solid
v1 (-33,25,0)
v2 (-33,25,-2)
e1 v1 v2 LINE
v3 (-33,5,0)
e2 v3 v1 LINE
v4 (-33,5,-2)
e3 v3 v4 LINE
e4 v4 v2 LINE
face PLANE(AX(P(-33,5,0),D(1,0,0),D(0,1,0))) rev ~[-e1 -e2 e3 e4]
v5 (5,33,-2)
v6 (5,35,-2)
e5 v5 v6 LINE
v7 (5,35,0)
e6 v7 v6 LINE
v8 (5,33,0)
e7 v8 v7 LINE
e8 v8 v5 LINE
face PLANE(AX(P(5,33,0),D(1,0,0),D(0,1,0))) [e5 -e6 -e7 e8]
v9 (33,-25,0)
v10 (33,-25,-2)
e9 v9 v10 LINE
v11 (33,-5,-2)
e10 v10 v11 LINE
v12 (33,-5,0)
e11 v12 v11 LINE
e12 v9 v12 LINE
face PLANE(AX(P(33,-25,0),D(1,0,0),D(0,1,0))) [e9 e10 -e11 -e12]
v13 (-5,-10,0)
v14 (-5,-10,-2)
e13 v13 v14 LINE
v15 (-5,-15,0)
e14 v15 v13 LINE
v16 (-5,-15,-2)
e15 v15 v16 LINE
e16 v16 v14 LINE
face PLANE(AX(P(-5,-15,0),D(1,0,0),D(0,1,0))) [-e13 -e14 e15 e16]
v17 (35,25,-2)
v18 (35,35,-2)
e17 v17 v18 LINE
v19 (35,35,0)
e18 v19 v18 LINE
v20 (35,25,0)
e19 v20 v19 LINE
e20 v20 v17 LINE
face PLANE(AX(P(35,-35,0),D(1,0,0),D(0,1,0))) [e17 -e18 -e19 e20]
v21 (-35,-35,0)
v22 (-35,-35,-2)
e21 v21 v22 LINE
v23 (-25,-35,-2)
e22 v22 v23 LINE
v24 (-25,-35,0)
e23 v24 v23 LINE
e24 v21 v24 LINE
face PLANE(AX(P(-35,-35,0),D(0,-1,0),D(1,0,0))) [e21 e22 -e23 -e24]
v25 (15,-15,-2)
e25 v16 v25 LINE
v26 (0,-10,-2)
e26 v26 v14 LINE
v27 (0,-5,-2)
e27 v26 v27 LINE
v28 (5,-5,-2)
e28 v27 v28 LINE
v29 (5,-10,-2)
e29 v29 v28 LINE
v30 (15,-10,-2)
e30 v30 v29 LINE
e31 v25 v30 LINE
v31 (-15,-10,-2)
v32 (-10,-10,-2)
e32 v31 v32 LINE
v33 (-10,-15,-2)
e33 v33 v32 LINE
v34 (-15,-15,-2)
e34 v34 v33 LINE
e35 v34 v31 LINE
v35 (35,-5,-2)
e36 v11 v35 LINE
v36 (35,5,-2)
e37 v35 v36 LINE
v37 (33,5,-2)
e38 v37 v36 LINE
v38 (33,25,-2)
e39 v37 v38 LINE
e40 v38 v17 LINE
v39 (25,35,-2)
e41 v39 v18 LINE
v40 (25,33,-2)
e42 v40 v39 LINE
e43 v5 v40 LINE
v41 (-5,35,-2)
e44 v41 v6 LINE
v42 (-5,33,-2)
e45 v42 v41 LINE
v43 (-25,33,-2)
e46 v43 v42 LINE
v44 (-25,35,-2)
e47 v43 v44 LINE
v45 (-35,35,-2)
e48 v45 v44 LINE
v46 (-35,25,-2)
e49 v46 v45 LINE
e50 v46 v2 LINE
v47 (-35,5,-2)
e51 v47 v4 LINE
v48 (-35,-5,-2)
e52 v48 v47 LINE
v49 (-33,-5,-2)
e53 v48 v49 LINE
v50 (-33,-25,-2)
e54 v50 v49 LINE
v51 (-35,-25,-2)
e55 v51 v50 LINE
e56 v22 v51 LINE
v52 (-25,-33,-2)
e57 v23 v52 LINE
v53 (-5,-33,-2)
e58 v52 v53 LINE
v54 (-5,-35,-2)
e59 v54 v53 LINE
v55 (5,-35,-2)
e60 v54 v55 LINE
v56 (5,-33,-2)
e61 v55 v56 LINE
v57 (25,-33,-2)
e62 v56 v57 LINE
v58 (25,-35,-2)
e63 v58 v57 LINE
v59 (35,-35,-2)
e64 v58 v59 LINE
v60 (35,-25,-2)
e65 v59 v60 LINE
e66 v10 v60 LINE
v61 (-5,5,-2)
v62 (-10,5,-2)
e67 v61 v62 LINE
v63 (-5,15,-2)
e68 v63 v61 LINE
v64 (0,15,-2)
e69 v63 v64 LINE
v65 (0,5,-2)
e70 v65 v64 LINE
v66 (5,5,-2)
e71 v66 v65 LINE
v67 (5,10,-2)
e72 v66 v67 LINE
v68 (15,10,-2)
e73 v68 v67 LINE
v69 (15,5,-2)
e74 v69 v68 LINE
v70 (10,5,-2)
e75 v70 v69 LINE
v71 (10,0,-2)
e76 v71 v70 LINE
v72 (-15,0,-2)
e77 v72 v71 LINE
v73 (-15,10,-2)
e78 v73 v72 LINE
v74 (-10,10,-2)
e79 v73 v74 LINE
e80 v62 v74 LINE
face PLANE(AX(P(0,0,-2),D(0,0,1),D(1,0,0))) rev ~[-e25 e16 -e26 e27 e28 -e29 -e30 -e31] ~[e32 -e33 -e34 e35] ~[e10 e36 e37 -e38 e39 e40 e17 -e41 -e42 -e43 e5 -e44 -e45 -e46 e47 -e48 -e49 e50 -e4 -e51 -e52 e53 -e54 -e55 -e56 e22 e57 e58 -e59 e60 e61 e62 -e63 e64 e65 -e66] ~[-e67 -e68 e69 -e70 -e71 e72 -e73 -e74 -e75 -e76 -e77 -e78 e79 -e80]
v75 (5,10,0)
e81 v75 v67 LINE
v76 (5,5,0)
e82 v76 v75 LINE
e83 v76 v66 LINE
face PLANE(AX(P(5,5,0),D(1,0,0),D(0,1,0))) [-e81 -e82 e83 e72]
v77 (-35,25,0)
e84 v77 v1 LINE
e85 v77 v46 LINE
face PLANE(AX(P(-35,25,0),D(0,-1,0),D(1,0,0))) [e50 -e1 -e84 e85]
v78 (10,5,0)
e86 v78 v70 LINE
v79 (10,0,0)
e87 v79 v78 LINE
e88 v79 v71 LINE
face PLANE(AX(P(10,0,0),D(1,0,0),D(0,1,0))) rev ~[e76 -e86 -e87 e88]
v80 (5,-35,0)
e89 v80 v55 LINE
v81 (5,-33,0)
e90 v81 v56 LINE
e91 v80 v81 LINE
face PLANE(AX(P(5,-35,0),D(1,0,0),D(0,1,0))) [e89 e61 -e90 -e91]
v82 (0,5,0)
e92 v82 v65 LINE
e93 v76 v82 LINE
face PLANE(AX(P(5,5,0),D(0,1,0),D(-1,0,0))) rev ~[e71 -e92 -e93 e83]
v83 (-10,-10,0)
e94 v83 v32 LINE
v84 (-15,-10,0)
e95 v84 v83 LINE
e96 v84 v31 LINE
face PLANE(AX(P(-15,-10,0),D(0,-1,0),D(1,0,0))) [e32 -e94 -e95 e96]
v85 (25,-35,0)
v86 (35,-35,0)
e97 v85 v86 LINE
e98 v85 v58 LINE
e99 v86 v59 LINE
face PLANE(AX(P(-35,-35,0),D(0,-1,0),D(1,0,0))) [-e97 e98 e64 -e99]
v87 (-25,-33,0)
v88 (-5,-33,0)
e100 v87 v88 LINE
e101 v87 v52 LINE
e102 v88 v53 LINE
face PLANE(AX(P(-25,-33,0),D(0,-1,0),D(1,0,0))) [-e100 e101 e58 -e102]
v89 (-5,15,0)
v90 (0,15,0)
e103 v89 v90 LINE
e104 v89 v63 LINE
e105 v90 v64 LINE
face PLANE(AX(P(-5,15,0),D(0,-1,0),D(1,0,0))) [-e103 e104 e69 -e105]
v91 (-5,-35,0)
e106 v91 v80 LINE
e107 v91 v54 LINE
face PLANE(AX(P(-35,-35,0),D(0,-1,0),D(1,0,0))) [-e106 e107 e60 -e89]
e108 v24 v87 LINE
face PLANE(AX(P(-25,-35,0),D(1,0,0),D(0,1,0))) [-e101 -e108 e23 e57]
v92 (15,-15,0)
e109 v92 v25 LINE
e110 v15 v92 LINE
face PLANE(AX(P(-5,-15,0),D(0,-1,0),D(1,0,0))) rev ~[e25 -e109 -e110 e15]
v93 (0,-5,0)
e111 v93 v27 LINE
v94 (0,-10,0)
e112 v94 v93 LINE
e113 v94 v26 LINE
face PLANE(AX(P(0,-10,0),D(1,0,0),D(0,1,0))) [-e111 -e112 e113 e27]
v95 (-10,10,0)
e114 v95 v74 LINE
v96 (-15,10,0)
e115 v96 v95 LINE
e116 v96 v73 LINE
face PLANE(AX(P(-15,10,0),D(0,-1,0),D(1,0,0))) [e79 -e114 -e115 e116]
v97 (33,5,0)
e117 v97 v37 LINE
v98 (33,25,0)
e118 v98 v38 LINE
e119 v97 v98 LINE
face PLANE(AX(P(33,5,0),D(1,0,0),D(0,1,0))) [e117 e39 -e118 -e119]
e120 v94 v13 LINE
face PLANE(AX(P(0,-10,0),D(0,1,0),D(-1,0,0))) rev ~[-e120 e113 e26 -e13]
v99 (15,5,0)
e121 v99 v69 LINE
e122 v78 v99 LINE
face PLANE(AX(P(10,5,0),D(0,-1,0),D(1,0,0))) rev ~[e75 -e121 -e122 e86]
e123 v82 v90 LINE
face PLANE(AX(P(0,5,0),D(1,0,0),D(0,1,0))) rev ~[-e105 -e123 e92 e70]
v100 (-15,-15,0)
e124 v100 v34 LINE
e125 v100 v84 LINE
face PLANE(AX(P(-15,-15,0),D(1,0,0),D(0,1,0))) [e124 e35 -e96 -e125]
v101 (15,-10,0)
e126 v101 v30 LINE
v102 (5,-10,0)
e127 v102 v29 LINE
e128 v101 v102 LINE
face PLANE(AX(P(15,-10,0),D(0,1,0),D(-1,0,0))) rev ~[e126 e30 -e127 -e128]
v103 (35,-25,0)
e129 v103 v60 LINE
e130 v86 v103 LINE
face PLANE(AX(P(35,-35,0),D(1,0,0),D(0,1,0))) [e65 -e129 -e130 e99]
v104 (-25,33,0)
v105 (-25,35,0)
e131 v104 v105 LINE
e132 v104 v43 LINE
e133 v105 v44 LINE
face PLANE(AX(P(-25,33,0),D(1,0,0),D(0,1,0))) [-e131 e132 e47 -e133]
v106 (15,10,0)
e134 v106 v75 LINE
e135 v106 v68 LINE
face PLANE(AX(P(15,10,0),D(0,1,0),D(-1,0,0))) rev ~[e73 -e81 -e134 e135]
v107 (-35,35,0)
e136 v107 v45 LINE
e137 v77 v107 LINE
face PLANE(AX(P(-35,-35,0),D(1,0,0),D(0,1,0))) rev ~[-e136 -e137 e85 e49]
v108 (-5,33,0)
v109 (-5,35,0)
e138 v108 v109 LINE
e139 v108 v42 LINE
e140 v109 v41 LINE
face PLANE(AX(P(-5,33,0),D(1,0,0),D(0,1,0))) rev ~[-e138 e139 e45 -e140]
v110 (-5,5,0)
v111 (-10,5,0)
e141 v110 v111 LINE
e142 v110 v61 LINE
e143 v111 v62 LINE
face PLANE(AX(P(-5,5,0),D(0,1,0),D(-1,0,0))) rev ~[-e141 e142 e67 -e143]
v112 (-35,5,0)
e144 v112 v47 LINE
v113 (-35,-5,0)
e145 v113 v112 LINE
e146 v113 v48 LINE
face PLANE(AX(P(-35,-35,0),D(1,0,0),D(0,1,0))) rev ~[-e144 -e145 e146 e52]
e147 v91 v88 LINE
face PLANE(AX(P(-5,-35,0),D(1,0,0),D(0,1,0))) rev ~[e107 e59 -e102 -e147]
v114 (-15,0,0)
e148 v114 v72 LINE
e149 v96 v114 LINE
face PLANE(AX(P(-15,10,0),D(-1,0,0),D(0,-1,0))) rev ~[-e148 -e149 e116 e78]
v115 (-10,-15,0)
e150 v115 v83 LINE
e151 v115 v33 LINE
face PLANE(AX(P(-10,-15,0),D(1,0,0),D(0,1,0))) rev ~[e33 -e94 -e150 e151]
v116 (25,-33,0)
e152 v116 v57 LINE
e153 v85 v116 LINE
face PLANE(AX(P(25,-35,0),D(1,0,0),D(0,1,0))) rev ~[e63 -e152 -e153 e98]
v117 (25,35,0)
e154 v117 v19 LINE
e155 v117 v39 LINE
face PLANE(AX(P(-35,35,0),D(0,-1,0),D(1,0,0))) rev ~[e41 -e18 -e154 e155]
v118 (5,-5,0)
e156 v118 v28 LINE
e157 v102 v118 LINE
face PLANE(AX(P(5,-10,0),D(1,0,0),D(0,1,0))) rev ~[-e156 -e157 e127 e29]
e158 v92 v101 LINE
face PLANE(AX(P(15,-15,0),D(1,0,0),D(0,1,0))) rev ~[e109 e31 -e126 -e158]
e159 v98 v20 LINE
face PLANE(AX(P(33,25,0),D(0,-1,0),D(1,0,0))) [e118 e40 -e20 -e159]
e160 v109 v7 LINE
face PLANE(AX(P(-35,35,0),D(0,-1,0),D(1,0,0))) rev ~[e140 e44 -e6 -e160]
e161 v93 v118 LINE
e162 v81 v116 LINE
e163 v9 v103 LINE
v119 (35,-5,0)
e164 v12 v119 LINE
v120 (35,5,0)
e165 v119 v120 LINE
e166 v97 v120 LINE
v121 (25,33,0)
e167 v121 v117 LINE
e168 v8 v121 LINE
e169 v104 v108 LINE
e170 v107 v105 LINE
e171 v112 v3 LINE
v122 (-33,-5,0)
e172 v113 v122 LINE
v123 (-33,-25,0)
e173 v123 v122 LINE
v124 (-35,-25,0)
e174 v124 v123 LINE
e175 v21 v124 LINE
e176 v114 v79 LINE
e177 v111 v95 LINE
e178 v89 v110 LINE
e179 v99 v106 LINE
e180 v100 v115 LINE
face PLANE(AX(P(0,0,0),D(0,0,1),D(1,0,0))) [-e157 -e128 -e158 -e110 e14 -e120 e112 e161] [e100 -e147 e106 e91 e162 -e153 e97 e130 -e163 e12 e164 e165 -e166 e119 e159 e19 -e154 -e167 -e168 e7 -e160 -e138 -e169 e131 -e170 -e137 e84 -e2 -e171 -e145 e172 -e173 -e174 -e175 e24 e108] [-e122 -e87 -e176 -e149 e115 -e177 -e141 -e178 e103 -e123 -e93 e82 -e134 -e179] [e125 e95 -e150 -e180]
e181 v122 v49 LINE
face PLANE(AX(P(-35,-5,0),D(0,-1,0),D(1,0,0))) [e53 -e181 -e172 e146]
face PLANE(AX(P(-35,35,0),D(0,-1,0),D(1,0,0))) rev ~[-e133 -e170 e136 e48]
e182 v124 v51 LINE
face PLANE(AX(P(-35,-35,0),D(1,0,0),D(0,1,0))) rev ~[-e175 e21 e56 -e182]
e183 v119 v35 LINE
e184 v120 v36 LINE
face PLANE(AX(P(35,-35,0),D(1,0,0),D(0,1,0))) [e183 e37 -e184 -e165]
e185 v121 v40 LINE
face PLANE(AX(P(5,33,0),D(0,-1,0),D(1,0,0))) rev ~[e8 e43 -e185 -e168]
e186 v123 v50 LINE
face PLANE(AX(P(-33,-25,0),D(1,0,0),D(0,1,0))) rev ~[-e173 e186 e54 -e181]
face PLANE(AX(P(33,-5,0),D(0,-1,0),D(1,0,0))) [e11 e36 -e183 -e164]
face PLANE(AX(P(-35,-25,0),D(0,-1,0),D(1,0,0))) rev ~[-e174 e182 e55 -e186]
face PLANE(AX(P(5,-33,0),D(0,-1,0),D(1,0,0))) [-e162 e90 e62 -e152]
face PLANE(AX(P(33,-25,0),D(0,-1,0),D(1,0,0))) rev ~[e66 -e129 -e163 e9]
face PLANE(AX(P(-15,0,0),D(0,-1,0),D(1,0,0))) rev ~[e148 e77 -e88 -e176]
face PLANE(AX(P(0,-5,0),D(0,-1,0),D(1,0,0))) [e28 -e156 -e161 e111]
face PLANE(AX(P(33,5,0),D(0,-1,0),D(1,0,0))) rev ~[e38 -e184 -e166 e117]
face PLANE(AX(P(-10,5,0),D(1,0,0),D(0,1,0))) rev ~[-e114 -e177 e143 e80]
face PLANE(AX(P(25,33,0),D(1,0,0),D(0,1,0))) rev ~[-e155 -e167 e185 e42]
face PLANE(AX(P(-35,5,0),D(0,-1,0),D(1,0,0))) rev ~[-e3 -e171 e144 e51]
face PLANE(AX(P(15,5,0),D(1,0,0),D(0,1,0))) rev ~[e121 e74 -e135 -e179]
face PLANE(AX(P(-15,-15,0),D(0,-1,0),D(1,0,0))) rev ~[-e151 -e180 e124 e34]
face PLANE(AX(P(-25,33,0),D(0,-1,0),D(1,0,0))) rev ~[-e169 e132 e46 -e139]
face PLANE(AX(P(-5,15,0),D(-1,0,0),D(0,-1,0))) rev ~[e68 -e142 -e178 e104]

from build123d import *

# Parameters (mm, degrees)
SKETCH1_W           = 70
SKETCH1_H           = 70
BOSS_EXTRUDE1_DEPTH = 2
SKETCH2_W           = 2
SKETCH2_H           = 20
SKETCH2_W_2         = 20
SKETCH2_H_2         = 2
CUT_EXTRUDE1_DEPTH  = 2
SKETCH3_W           = 5
SKETCH3_H           = 5
CUT_EXTRUDE5_DEPTH  = 10


with BuildPart() as part:
    # Sketch1 → Boss-Extrude1 (new body)
    with BuildSketch(Plane.XY):
        Rectangle(SKETCH1_W, SKETCH1_H)
    extrude(amount=-BOSS_EXTRUDE1_DEPTH)

    # Sketch2 → Cut-Extrude1 (cut)
    with BuildSketch(Plane.XY):
        with Locations((-34, 15)):
            Rectangle(SKETCH2_W, SKETCH2_H)
        with Locations((-34, -15)):
            Rectangle(SKETCH2_W, SKETCH2_H)
        with Locations((-15, -34)):
            Rectangle(SKETCH2_W_2, SKETCH2_H_2)
        with Locations((15, -34)):
            Rectangle(SKETCH2_W_2, SKETCH2_H_2)
        with Locations((34, -15)):
            Rectangle(SKETCH2_W, SKETCH2_H)
        with Locations((34, 15)):
            Rectangle(SKETCH2_W, SKETCH2_H)
        with Locations((15, 34)):
            Rectangle(SKETCH2_W_2, SKETCH2_H_2)
        with Locations((-15, 34)):
            Rectangle(SKETCH2_W_2, SKETCH2_H_2)
    extrude(amount=-CUT_EXTRUDE1_DEPTH, mode=Mode.SUBTRACT)

    # Sketch3 → Cut-Extrude5 (cut)
    with BuildSketch(Plane.XY):
        with Locations((-12.5, 7.5)):
            Rectangle(SKETCH3_W, SKETCH3_H)
        with Locations((-12.5, 2.5)):
            Rectangle(SKETCH3_W, SKETCH3_H)
        with Locations((-7.5, 2.5)):
            Rectangle(SKETCH3_W, SKETCH3_H)
        with Locations((-2.5, 2.5)):
            Rectangle(SKETCH3_W, SKETCH3_H)
        with Locations((2.5, 2.5)):
            Rectangle(SKETCH3_W, SKETCH3_H)
        with Locations((7.5, 2.5)):
            Rectangle(SKETCH3_W, SKETCH3_H)
        with Locations((7.5, 7.5)):
            Rectangle(SKETCH3_W, SKETCH3_H)
        with Locations((12.5, 7.5)):
            Rectangle(SKETCH3_W, SKETCH3_H)
        with Locations((-2.5, 7.5)):
            Rectangle(SKETCH3_W, SKETCH3_H)
        with Locations((-2.5, 12.5)):
            Rectangle(SKETCH3_W, SKETCH3_H)
        with Locations((-12.5, -12.5)):
            Rectangle(SKETCH3_W, SKETCH3_H)
        with Locations((-2.5, -12.5)):
            Rectangle(SKETCH3_W, SKETCH3_H)
        with Locations((2.5, -12.5)):
            Rectangle(SKETCH3_W, SKETCH3_H)
        with Locations((7.5, -12.5)):
            Rectangle(SKETCH3_W, SKETCH3_H)
        with Locations((12.5, -12.5)):
            Rectangle(SKETCH3_W, SKETCH3_H)
        with Locations((2.5, -7.5)):
            Rectangle(SKETCH3_W, SKETCH3_H)
    extrude(amount=-CUT_EXTRUDE5_DEPTH, mode=Mode.SUBTRACT)


solid = part.part
